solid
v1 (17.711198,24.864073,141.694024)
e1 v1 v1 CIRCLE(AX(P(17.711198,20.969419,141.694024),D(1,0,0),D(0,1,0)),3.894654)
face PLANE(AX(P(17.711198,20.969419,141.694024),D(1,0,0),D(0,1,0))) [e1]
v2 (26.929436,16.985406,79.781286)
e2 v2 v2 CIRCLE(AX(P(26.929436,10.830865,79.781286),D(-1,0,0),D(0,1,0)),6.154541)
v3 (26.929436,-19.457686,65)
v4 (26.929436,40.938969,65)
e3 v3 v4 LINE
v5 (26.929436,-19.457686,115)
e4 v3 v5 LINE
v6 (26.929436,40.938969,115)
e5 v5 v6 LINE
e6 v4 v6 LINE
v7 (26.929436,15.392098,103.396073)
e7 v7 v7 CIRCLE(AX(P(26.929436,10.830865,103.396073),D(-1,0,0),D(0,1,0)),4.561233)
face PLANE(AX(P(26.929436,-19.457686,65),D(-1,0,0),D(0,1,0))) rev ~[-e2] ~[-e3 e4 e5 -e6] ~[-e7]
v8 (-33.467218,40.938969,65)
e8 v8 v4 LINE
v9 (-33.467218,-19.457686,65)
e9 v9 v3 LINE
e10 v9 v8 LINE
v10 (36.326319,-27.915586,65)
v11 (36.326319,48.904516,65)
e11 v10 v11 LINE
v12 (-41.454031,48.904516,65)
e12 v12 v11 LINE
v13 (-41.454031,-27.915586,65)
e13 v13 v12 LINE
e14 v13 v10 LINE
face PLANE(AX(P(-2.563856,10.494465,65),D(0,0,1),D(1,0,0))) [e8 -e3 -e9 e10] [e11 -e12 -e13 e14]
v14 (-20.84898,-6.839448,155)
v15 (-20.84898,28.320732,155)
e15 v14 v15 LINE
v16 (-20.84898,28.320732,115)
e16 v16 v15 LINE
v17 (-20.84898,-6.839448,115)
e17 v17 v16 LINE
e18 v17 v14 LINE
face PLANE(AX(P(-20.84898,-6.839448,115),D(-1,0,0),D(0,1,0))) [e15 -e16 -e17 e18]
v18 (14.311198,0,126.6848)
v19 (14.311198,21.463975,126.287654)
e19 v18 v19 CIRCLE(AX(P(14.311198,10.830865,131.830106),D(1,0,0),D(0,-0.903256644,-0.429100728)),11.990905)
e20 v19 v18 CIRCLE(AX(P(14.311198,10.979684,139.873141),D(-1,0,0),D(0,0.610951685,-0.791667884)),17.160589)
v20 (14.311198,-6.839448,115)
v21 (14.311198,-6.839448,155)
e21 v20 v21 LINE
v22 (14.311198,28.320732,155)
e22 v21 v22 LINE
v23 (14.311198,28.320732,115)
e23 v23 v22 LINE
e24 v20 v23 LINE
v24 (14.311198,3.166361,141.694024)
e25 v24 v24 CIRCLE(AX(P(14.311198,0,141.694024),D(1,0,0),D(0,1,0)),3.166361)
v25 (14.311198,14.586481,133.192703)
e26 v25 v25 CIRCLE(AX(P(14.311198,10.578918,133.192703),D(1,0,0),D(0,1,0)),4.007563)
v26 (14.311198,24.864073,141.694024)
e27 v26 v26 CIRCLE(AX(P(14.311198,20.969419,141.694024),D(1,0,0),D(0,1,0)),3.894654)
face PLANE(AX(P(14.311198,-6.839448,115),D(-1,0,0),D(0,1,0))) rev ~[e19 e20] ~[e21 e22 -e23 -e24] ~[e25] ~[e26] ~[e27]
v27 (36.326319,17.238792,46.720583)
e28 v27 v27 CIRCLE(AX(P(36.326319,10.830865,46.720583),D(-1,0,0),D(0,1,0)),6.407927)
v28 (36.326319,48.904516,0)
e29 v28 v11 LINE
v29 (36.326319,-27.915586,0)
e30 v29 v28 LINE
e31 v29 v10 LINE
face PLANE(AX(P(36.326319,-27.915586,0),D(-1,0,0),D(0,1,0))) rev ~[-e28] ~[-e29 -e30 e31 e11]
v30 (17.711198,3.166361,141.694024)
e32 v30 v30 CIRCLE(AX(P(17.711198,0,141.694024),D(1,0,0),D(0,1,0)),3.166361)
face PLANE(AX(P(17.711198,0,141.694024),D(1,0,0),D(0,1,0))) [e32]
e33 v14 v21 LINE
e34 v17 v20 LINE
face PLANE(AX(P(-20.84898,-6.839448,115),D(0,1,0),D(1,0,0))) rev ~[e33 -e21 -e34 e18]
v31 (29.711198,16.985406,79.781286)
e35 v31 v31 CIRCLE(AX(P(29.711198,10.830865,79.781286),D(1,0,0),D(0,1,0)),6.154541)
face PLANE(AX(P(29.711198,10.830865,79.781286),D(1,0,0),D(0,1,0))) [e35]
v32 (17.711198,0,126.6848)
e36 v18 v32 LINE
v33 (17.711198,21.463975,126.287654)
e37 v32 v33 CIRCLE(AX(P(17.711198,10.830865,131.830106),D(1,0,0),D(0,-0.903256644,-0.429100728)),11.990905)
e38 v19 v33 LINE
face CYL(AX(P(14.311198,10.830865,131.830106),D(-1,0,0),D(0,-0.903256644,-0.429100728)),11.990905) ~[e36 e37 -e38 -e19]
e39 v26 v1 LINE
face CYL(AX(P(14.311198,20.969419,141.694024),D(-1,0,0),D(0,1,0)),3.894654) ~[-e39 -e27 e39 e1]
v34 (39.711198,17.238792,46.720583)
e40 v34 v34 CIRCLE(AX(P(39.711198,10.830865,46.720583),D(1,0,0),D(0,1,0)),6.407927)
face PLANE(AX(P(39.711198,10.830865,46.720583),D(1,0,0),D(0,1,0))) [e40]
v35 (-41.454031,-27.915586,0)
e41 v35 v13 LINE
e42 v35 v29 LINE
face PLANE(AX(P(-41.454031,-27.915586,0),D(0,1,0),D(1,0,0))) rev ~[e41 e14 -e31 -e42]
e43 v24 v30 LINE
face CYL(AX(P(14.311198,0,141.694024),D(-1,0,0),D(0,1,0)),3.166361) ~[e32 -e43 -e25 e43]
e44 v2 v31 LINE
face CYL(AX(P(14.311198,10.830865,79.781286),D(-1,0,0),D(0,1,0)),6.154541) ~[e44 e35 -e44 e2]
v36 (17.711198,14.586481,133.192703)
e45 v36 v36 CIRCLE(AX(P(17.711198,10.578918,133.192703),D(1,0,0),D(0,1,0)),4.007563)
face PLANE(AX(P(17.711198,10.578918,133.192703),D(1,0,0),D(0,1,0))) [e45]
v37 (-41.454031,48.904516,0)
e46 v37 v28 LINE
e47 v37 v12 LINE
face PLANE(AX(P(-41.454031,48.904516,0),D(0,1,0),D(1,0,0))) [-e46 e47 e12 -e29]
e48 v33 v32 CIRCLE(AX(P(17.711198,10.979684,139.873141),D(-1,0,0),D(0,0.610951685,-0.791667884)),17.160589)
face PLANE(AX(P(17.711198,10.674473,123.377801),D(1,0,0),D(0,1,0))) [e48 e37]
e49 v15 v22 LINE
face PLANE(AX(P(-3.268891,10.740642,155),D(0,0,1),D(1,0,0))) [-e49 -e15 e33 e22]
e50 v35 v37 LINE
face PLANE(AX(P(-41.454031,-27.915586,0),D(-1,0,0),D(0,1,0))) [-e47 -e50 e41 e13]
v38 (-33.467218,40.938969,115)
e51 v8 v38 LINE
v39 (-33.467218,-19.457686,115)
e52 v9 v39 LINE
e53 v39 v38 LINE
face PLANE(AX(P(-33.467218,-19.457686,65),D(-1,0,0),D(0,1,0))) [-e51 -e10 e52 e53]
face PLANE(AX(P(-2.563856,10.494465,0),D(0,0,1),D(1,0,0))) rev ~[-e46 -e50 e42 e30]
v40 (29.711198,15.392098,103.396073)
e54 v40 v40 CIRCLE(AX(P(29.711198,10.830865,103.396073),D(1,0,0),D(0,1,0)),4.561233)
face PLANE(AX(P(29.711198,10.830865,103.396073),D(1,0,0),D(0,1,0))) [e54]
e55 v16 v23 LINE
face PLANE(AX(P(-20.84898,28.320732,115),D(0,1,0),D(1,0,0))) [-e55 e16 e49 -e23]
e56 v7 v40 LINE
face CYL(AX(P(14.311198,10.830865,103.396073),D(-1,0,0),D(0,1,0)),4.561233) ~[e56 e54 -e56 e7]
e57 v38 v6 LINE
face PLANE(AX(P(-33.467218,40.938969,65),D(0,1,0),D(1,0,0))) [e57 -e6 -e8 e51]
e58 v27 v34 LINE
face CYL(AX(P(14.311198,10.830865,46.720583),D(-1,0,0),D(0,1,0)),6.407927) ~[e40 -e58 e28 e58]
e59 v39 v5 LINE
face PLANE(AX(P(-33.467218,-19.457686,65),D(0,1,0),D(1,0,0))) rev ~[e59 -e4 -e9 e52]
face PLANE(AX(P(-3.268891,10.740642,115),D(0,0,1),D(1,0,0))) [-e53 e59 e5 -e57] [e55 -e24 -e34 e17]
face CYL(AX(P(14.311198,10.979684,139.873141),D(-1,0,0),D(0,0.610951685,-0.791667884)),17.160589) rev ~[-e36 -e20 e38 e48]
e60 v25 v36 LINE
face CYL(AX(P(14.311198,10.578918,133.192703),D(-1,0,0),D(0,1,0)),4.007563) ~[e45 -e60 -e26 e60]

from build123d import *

# Parameters (mm, degrees)
F0_W      = 77.780351
F0_H      = 76.820102
F1_DEPTH  = 65
F2_W      = 60.396654
F2_H      = 60.396655
F3_DEPTH  = 50
F4_W      = 35.160178
F4_H      = 35.160179
F5_DEPTH  = 40
F6_R      = 3.166361
F6_R_2    = 3.894654
F6_R_3    = 4.007563
F6_R_4    = 4.561233
F6_R_5    = 6.154541
F6_R_6    = 6.407927
F7_DEPTH  = 25.4
F8_R      = 4.561233
F8_R_2    = 6.154541
F8_R_3    = 4.007563
F8_R_4    = 3.894654
F8_R_5    = 3.166361
F9_DEPTH  = 10
F10_R     = 3.166361
F10_R_2   = 4.007563
F10_R_3   = 3.894654
F11_DEPTH = 12


with BuildPart() as f1:
    # F0 (on Top) → F1 (new body)
    with BuildSketch(Plane.XY):
        with Locations((-2.563856, 10.494465)):
            Rectangle(F0_W, F0_H)
    extrude(amount=F1_DEPTH)

    # F2 (on face) → F3 (join)
    with BuildSketch(Plane.XY.offset(65)):
        with Locations((-3.268891, 10.740642)):
            Rectangle(F2_W, F2_H)
    extrude(amount=F3_DEPTH)

    # F4 (on face) → F5 (join)
    with BuildSketch(Plane.XY.offset(115)):
        with Locations((-3.268891, 10.740642)):
            Rectangle(F4_W, F4_H)
    extrude(amount=F5_DEPTH)

    # F6 (on face) → F7 (join)
    with BuildSketch(Plane.YZ.offset(14.311198)):
        with Locations((0, 141.694024)):
            Circle(F6_R)
        with Locations((20.969419, 141.694024)):
            Circle(F6_R_2)
        with Locations((10.578918, 133.192703)):
            Circle(F6_R_3)
        with BuildLine():
            ThreePointArc((21.463975, 126.287654), (10.662218, 122.715489), (0, 126.6848))
            ThreePointArc((0, 126.6848), (10.609036, 119.841253), (21.463975, 126.287654))
        make_face()
        with Locations((10.830865, 103.396073)):
            Circle(F6_R_4)
        with Locations((10.830865, 79.781286)):
            Circle(F6_R_5)
        with Locations((10.830865, 46.720583)):
            Circle(F6_R_6)
    extrude(amount=F7_DEPTH)

    # F8 (on face) → F9 (cut)
    with BuildSketch(Plane.YZ.offset(39.711198)):
        with Locations((10.830865, 103.396073)):
            Circle(F8_R)
        with BuildLine():
            ThreePointArc((0, 126.6848), (10.609036, 119.841253), (21.463975, 126.287654))
            ThreePointArc((21.463975, 126.287654), (10.662218, 122.715489), (0, 126.6848))
        make_face()
        with Locations((10.830865, 79.781286)):
            Circle(F8_R_2)
        with Locations((10.578918, 133.192703)):
            Circle(F8_R_3)
        with Locations((20.969419, 141.694024)):
            Circle(F8_R_4)
        with Locations((0, 141.694024)):
            Circle(F8_R_5)
    extrude(amount=-F9_DEPTH, mode=Mode.SUBTRACT)

    # F10 (on face) → F11 (cut)
    with BuildSketch(Plane.YZ.offset(29.711198)):
        with Locations((0, 141.694024)):
            Circle(F10_R)
        with Locations((10.578918, 133.192703)):
            Circle(F10_R_2)
        with Locations((20.969419, 141.694024)):
            Circle(F10_R_3)
        with BuildLine():
            ThreePointArc((0, 126.6848), (10.609036, 119.841253), (21.463975, 126.287654))
            ThreePointArc((21.463975, 126.287654), (10.662218, 122.715489), (0, 126.6848))
        make_face()
    extrude(amount=-F11_DEPTH, mode=Mode.SUBTRACT)


solid = f1.part
